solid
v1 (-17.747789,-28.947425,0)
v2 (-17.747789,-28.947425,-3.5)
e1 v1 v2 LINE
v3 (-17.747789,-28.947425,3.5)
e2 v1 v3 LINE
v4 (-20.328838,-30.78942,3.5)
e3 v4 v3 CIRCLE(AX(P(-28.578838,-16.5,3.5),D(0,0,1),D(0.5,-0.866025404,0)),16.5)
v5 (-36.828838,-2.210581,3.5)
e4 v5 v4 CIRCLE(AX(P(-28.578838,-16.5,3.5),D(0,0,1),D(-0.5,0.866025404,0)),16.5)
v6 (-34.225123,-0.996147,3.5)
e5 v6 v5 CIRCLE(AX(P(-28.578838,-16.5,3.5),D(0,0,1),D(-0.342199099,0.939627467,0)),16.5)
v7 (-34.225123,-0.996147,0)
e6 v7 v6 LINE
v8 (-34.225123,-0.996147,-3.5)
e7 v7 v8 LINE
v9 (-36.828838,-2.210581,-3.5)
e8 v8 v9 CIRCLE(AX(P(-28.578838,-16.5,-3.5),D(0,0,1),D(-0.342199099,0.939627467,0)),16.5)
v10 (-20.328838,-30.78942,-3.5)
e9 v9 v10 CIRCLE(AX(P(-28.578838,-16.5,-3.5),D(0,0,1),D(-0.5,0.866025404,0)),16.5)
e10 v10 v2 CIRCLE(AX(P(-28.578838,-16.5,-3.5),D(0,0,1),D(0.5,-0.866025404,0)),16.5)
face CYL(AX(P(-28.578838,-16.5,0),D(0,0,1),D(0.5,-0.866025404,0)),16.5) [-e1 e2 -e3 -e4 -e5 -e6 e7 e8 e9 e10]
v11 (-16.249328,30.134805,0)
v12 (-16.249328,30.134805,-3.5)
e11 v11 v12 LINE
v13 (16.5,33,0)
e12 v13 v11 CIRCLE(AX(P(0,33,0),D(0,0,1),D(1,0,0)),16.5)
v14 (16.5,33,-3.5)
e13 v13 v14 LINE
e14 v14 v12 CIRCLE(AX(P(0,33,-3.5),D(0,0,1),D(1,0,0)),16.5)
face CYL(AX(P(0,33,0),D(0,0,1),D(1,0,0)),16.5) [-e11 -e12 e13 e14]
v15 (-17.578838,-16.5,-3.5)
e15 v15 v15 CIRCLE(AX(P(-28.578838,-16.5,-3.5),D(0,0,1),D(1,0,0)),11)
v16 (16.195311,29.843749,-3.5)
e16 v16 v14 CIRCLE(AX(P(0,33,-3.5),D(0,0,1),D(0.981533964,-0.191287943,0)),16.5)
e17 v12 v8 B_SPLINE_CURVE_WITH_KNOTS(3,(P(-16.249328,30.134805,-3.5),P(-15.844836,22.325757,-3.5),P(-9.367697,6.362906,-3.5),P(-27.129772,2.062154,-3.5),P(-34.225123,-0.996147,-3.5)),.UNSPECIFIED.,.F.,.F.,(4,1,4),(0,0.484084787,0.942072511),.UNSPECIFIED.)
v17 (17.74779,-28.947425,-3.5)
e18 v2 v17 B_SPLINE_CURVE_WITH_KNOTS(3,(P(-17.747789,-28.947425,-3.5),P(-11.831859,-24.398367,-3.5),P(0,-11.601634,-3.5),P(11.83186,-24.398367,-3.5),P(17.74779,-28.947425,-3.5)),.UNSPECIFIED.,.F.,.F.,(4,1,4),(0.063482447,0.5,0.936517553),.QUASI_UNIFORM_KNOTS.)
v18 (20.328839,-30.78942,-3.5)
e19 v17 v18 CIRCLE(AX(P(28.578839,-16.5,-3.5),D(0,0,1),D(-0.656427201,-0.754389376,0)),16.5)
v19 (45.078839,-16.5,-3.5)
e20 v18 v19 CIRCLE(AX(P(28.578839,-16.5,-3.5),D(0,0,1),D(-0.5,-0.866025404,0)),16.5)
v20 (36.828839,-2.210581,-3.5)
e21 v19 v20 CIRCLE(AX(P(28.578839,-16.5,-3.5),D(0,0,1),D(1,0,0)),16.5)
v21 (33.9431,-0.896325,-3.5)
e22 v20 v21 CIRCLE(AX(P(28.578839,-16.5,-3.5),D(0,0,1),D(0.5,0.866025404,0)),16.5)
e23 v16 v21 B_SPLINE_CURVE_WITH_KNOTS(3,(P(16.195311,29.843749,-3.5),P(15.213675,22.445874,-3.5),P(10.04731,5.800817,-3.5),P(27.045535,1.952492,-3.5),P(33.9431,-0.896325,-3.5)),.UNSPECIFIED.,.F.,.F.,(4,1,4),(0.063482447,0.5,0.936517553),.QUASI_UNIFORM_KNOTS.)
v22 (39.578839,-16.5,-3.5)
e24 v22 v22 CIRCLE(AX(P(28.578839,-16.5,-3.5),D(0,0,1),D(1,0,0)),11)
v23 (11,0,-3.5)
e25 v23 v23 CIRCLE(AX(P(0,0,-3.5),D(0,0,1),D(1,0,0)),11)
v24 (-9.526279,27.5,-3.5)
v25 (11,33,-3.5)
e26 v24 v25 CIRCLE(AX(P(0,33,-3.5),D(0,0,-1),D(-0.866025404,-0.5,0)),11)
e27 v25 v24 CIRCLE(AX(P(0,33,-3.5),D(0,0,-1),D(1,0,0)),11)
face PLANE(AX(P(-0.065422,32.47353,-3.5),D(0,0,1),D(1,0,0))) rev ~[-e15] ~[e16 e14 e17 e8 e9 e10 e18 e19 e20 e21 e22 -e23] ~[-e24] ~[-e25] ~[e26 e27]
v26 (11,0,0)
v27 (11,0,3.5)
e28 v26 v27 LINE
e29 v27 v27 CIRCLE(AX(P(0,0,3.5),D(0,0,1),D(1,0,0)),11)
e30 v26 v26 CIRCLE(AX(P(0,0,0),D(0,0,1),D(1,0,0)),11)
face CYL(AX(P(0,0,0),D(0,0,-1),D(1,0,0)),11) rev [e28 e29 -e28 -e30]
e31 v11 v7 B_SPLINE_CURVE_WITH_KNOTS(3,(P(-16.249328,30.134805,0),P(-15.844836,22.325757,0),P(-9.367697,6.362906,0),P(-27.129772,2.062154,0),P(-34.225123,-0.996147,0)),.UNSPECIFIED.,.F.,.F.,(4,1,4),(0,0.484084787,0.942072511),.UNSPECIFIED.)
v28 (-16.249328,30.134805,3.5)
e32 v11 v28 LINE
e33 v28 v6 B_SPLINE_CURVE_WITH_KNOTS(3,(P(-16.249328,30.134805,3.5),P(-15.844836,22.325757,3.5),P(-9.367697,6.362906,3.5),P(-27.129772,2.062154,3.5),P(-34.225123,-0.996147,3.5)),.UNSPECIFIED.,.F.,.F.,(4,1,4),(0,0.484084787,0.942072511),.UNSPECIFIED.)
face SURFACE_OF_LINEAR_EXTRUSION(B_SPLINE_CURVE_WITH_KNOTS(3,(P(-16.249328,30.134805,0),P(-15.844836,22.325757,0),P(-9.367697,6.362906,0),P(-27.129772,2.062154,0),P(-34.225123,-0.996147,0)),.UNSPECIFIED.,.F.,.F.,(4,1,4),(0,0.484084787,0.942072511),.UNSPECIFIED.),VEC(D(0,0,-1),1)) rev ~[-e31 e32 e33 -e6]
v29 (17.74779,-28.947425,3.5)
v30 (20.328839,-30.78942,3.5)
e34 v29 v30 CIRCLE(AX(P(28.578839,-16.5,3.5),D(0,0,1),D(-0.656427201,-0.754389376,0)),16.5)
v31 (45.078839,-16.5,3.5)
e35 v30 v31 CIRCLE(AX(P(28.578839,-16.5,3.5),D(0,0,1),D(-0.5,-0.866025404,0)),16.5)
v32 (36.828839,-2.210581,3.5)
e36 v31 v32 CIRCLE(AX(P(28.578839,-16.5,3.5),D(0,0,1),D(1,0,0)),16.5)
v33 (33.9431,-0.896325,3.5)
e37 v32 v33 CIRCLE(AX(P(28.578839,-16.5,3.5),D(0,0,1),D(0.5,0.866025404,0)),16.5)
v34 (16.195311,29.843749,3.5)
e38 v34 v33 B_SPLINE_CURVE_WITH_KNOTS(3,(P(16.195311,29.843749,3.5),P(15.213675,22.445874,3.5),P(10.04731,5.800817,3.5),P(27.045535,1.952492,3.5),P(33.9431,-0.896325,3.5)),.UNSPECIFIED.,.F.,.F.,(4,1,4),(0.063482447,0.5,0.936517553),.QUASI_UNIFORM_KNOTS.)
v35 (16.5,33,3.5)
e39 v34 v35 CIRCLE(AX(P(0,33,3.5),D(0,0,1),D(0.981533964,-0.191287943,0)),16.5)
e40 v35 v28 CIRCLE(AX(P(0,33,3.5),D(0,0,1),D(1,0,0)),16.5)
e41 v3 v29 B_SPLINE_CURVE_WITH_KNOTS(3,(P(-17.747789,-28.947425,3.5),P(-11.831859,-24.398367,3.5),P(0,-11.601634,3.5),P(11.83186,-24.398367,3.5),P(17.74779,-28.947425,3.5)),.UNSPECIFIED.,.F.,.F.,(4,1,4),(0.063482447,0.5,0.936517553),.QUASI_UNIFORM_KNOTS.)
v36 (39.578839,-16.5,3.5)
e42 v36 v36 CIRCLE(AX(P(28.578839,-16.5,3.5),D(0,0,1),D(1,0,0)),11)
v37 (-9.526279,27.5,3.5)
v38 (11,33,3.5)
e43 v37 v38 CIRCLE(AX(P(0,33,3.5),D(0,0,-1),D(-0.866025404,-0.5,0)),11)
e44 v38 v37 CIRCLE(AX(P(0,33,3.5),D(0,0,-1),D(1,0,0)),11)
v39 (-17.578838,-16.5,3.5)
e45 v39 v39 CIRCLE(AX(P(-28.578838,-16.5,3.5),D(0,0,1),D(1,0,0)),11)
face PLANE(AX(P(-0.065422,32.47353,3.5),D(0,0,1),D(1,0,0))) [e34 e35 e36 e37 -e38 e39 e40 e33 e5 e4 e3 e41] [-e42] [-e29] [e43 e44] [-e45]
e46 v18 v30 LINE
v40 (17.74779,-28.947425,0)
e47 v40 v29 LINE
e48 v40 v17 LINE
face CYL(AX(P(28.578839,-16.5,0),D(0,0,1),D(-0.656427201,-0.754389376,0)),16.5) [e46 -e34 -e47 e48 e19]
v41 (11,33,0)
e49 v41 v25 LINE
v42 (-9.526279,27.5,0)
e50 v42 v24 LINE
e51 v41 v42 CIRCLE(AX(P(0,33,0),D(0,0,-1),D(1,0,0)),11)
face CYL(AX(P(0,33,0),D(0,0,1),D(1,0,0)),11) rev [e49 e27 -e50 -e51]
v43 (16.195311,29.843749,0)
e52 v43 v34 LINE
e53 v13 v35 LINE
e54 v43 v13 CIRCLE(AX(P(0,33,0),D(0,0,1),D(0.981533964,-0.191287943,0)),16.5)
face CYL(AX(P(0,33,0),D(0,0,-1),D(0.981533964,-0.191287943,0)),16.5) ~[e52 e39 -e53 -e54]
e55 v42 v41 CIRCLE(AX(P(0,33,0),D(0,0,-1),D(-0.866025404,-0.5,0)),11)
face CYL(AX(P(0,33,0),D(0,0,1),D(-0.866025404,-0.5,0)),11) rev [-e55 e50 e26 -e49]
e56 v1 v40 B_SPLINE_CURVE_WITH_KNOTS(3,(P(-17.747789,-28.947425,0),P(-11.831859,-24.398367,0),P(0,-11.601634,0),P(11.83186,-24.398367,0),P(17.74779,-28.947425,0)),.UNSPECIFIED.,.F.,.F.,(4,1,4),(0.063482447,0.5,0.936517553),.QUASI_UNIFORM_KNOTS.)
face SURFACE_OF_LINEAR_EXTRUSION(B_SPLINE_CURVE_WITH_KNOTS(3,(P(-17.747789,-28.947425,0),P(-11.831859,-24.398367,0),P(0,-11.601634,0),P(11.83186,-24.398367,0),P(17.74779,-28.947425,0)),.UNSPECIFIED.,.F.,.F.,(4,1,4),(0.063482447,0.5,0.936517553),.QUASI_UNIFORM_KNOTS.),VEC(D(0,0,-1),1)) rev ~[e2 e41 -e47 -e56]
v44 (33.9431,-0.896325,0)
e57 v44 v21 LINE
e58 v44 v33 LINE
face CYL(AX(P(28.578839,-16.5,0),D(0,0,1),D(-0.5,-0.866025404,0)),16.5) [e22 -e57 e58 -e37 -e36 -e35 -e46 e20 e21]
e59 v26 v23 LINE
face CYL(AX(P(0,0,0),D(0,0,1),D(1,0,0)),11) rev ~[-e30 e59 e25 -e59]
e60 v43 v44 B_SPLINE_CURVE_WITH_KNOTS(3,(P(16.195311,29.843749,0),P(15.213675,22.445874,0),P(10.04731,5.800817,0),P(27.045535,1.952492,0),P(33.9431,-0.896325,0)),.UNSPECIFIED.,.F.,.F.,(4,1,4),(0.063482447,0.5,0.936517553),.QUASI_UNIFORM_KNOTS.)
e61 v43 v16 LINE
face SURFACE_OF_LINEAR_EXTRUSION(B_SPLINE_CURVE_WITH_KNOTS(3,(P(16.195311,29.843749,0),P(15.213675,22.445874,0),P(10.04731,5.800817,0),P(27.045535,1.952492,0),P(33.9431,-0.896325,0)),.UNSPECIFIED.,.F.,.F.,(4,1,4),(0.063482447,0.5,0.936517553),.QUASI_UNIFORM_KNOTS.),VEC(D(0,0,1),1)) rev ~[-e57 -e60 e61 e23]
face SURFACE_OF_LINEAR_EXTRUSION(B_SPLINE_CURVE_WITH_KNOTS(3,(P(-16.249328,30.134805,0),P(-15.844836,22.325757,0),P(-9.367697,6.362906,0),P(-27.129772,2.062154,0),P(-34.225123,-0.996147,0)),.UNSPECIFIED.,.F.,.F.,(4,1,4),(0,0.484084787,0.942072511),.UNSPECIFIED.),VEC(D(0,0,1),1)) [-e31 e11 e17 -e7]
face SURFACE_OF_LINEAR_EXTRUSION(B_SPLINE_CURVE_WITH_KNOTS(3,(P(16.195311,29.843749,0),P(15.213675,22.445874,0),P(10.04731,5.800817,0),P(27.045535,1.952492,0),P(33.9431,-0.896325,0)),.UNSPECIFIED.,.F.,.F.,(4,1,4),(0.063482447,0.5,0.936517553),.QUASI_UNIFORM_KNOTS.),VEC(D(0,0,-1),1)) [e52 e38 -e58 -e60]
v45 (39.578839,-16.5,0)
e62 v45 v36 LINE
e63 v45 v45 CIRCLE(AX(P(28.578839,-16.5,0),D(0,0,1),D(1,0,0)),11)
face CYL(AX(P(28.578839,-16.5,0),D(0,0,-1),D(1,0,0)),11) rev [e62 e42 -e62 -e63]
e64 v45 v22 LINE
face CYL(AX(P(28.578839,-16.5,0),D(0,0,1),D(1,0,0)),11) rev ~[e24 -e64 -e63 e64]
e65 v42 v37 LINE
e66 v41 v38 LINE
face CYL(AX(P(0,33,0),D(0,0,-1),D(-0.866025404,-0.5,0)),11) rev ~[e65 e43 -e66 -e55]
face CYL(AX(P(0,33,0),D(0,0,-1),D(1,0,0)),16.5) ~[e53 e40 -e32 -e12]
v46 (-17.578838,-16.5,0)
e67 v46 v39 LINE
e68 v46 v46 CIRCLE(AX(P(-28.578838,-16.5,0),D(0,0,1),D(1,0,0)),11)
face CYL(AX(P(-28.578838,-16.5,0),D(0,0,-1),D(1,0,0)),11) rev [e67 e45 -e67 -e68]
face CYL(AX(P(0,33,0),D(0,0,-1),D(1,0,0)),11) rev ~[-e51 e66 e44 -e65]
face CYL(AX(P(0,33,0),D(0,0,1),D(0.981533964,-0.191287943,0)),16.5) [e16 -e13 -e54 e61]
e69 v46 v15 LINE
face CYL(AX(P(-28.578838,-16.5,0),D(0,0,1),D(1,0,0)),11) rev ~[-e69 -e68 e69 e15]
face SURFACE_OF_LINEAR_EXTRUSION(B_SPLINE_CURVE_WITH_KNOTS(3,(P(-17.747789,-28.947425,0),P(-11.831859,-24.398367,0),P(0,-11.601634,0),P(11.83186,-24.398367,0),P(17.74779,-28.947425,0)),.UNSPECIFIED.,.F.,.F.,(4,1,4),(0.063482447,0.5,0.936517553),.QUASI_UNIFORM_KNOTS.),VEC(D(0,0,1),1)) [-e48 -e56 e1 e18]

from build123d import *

# Parameters (mm, degrees)
F0_R     = 11
F1_DEPTH = 3.5


with BuildPart() as f1:
    # F0 (on Top) → F1 (new body, symmetric)
    with BuildSketch(Plane.XY):
        with BuildLine():
            ThreePointArc((-10.832885076, 31.0898696499), (-0.9587129631, 43.9581412832), (11.0000002071, 32.9999996042))
            ThreePointArc((11.0000002071, 32.9999996042), (2.8470097033, 22.374815515), (-9.5262792345, 27.4999996042))
            Line((-9.5262792345, 27.4999996042), (-14.2894189553, 24.7499996042))
            ThreePointArc((-14.2894189553, 24.7499996042), (-8.2499997689, 18.7105804279), (2.626e-07, 16.4999996042))
            ThreePointArc((2.626e-07, 16.4999996042), (10.4921844002, 20.2656338619), (16.1953106147, 29.8437485367))
            add(Edge.make_bspline(
                [(16.5000002071, 32.9999996042), (16.4469554908, 31.9759280732), (16.3380691641, 30.9196163733), (16.1953106147, 29.8437485367)],
                knots=[0, 0, 0, 0, 0.0634824471, 0.0634824471, 0.0634824471, 0.0634824471], degree=3))
            ThreePointArc((16.5000002071, 32.9999996042), (-1.4380695482, 49.4372121227), (-16.2493277176, 30.1348046727))
            Line((-16.2493277176, 30.1348046727), (-10.832885076, 31.0898696499))
        make_face()
        with BuildLine():
            ThreePointArc((-9.5262792345, 27.4999996042), (-10.3366186215, 29.2377780276), (-10.832885076, 31.0898696499))
            Line((-10.832885076, 31.0898696499), (-16.2493277176, 30.1348046727))
            ThreePointArc((-16.2493277176, 30.1348046727), (-15.5049280358, 27.3566672393), (-14.2894189553, 24.7499996042))
            Line((-14.2894189553, 24.7499996042), (-9.5262792345, 27.4999996042))
        make_face()
        with BuildLine():
            ThreePointArc((-14.2894189553, 24.7499996042), (-15.5049280358, 27.3566672393), (-16.2493277176, 30.1348046727))
            add(Edge.make_bspline(
                [(-16.2493277176, 30.1348046727), (-15.8448357458, 22.3257571132), (-9.3676974813, 6.3629064953), (-27.1297715865, 2.0621537708), (-34.2251232507, -0.9961471909)],
                knots=[0, 0, 0, 0, 0.484084787, 0.9420725108, 0.9420725108, 0.9420725108, 0.9420725108], degree=3))
            ThreePointArc((-34.2251232507, -0.9961471909), (-22.9369822413, -0.9945348346), (-14.2894189847, -8.2500003449))
            ThreePointArc((-14.2894189847, -8.2500003449), (-14.2894189268, 8.2499996537), (2.626e-07, 16.4999996042))
            ThreePointArc((2.626e-07, 16.4999996042), (-8.2499997689, 18.7105804279), (-14.2894189553, 24.7499996042))
        make_face()
        with BuildLine():
            ThreePointArc((16.1953106147, 29.8437485367), (16.4236511673, 31.4145377985), (16.5000002071, 32.9999996042))
            add(Edge.make_bspline(
                [(16.5000002071, 32.9999996042), (16.4469554908, 31.9759280732), (16.3380691641, 30.9196163733), (16.1953106147, 29.8437485367)],
                knots=[0, 0, 0, 0, 0.0634824471, 0.0634824471, 0.0634824471, 0.0634824471], degree=3))
        make_face()
        with BuildLine():
            add(Edge.make_bspline(
                [(-34.2251232507, -0.9961471909), (-35.1225619489, -1.3829691222), (-35.9953693099, -1.7852688783), (-36.8288381178, -2.2105812333)],
                knots=[0.9420725108, 0.9420725108, 0.9420725108, 0.9420725108, 1, 1, 1, 1], degree=3))
            ThreePointArc((-34.2251232507, -0.9961471909), (-35.5534633862, -1.5465859909), (-36.8288381178, -2.2105812333))
        make_face()
        with BuildLine():
            ThreePointArc((-14.2894189847, -8.2500003449), (-22.9369822413, -0.9945348346), (-34.2251232507, -0.9961471909))
            add(Edge.make_bspline(
                [(-34.2251232507, -0.9961471909), (-35.1225619489, -1.3829691222), (-35.9953693099, -1.7852688783), (-36.8288381178, -2.2105812333)],
                knots=[0.9420725108, 0.9420725108, 0.9420725108, 0.9420725108, 1, 1, 1, 1], degree=3))
            ThreePointArc((-36.8288381178, -2.2105812333), (-42.8682572802, -24.7500003958), (-20.3288381178, -30.7894195582))
            add(Edge.make_bspline(
                [(-20.3288381178, -30.7894195582), (-19.4684885148, -30.2314457208), (-18.6081389117, -29.6089915458), (-17.7477893087, -28.9474250972)],
                knots=[0, 0, 0, 0, 0.0634824471, 0.0634824471, 0.0634824471, 0.0634824471], degree=3))
            ThreePointArc((-17.7477893087, -28.9474250972), (-13.5628082605, -23.3387756754), (-12.0788381178, -16.5000003958))
            ThreePointArc((-12.0788381178, -16.5000003958), (-12.6410619916, -12.2294861232), (-14.2894189847, -8.2500003449))
        make_face()
        with Locations((-28.5788381178, -16.5000003958)):
            Circle(F0_R, mode=Mode.SUBTRACT)
        with BuildLine():
            ThreePointArc((16.1953106147, 29.8437485367), (10.4921844002, 20.2656338619), (2.626e-07, 16.4999996042))
            ThreePointArc((2.626e-07, 16.4999996042), (11.6672621163, 11.6672614742), (16.5000002071, -3.958e-07))
            ThreePointArc((16.5000002071, -3.958e-07), (15.9377763384, -4.2705146494), (14.2894193598, -8.2500004128))
            ThreePointArc((14.2894193598, -8.2500004128), (22.7966463595, -1.0463194854), (33.9431001306, -0.8963246269))
            add(Edge.make_bspline(
                [(16.1953106147, 29.8437485367), (15.2136752902, 22.4458737481), (10.0473098217, 5.8008165148), (27.0455349675, 1.9524916391), (33.9431001306, -0.8963246269)],
                knots=[0.0634824471, 0.0634824471, 0.0634824471, 0.0634824471, 0.5, 0.9365175529, 0.9365175529, 0.9365175529, 0.9365175529], degree=3))
        make_face()
        with BuildLine():
            ThreePointArc((14.2894193598, -8.2500004128), (1.679e-07, -16.5000003958), (-14.2894189847, -8.2500003449))
            ThreePointArc((-14.2894189847, -8.2500003449), (-12.6410619916, -12.2294861232), (-12.0788381178, -16.5000003958))
            ThreePointArc((-12.0788381178, -16.5000003958), (-13.5628082605, -23.3387756754), (-17.7477893087, -28.9474250972))
            add(Edge.make_bspline(
                [(-17.7477893087, -28.9474250972), (-11.8318594701, -24.3983665746), (2.071e-07, -11.6016342169), (11.8318598844, -24.3983665746), (17.747789723, -28.9474250972)],
                knots=[0.0634824471, 0.0634824471, 0.0634824471, 0.0634824471, 0.5, 0.9365175529, 0.9365175529, 0.9365175529, 0.9365175529], degree=3))
            ThreePointArc((17.747789723, -28.9474250972), (12.3044621986, -19.2193155594), (14.2894193598, -8.2500004128))
        make_face()
        with BuildLine():
            add(Edge.make_bspline(
                [(33.9431001306, -0.8963246269), (34.9462082829, -1.3106260149), (35.9154442126, -1.7444835397), (36.828838532, -2.2105812333)],
                knots=[0.9365175529, 0.9365175529, 0.9365175529, 0.9365175529, 1, 1, 1, 1], degree=3))
            ThreePointArc((33.9431001306, -0.8963246269), (22.7966463595, -1.0463194854), (14.2894193598, -8.2500004128))
            ThreePointArc((14.2894193598, -8.2500004128), (12.3044621986, -19.2193155594), (17.747789723, -28.9474250972))
            add(Edge.make_bspline(
                [(17.747789723, -28.9474250972), (18.608139326, -29.6089915458), (19.468488929, -30.2314457208), (20.328838532, -30.7894195582)],
                knots=[0.9365175529, 0.9365175529, 0.9365175529, 0.9365175529, 1, 1, 1, 1], degree=3))
            ThreePointArc((20.328838532, -30.7894195582), (36.828838532, -30.7894195582), (45.078838532, -16.5000003958))
            ThreePointArc((45.078838532, -16.5000003958), (42.8682576945, -8.2500003958), (36.828838532, -2.2105812333))
        make_face()
        with Locations((28.578838532, -16.5000003958)):
            Circle(F0_R, mode=Mode.SUBTRACT)
        with BuildLine():
            ThreePointArc((36.828838532, -2.2105812333), (35.4176138117, -1.4839705385), (33.9431001306, -0.8963246269))
            add(Edge.make_bspline(
                [(33.9431001306, -0.8963246269), (34.9462082829, -1.3106260149), (35.9154442126, -1.7444835397), (36.828838532, -2.2105812333)],
                knots=[0.9365175529, 0.9365175529, 0.9365175529, 0.9365175529, 1, 1, 1, 1], degree=3))
        make_face()
        with BuildLine():
            add(Edge.make_bspline(
                [(-20.3288381178, -30.7894195582), (-19.4684885148, -30.2314457208), (-18.6081389117, -29.6089915458), (-17.7477893087, -28.9474250972)],
                knots=[0, 0, 0, 0, 0.0634824471, 0.0634824471, 0.0634824471, 0.0634824471], degree=3))
            ThreePointArc((-20.3288381178, -30.7894195582), (-18.9939624372, -29.9305684474), (-17.7477893087, -28.9474250972))
        make_face()
        with BuildLine():
            add(Edge.make_bspline(
                [(17.747789723, -28.9474250972), (18.608139326, -29.6089915458), (19.468488929, -30.2314457208), (20.328838532, -30.7894195582)],
                knots=[0.9365175529, 0.9365175529, 0.9365175529, 0.9365175529, 1, 1, 1, 1], degree=3))
            ThreePointArc((17.747789723, -28.9474250972), (18.9939628515, -29.9305684474), (20.328838532, -30.7894195582))
        make_face()
        with BuildLine():
            ThreePointArc((16.5000002071, -3.958e-07), (11.6672621163, 11.6672614742), (2.626e-07, 16.4999996042))
            ThreePointArc((2.626e-07, 16.4999996042), (-14.2894189268, 8.2499996537), (-14.2894189847, -8.2500003449))
            ThreePointArc((-14.2894189847, -8.2500003449), (1.679e-07, -16.5000003958), (14.2894193598, -8.2500004128))
            ThreePointArc((14.2894193598, -8.2500004128), (15.9377763384, -4.2705146494), (16.5000002071, -3.958e-07))
        make_face()
        with Locations((2.071e-07, -3.958e-07)):
            Circle(F0_R, mode=Mode.SUBTRACT)
    extrude(amount=F1_DEPTH, both=True)


solid = f1.part
